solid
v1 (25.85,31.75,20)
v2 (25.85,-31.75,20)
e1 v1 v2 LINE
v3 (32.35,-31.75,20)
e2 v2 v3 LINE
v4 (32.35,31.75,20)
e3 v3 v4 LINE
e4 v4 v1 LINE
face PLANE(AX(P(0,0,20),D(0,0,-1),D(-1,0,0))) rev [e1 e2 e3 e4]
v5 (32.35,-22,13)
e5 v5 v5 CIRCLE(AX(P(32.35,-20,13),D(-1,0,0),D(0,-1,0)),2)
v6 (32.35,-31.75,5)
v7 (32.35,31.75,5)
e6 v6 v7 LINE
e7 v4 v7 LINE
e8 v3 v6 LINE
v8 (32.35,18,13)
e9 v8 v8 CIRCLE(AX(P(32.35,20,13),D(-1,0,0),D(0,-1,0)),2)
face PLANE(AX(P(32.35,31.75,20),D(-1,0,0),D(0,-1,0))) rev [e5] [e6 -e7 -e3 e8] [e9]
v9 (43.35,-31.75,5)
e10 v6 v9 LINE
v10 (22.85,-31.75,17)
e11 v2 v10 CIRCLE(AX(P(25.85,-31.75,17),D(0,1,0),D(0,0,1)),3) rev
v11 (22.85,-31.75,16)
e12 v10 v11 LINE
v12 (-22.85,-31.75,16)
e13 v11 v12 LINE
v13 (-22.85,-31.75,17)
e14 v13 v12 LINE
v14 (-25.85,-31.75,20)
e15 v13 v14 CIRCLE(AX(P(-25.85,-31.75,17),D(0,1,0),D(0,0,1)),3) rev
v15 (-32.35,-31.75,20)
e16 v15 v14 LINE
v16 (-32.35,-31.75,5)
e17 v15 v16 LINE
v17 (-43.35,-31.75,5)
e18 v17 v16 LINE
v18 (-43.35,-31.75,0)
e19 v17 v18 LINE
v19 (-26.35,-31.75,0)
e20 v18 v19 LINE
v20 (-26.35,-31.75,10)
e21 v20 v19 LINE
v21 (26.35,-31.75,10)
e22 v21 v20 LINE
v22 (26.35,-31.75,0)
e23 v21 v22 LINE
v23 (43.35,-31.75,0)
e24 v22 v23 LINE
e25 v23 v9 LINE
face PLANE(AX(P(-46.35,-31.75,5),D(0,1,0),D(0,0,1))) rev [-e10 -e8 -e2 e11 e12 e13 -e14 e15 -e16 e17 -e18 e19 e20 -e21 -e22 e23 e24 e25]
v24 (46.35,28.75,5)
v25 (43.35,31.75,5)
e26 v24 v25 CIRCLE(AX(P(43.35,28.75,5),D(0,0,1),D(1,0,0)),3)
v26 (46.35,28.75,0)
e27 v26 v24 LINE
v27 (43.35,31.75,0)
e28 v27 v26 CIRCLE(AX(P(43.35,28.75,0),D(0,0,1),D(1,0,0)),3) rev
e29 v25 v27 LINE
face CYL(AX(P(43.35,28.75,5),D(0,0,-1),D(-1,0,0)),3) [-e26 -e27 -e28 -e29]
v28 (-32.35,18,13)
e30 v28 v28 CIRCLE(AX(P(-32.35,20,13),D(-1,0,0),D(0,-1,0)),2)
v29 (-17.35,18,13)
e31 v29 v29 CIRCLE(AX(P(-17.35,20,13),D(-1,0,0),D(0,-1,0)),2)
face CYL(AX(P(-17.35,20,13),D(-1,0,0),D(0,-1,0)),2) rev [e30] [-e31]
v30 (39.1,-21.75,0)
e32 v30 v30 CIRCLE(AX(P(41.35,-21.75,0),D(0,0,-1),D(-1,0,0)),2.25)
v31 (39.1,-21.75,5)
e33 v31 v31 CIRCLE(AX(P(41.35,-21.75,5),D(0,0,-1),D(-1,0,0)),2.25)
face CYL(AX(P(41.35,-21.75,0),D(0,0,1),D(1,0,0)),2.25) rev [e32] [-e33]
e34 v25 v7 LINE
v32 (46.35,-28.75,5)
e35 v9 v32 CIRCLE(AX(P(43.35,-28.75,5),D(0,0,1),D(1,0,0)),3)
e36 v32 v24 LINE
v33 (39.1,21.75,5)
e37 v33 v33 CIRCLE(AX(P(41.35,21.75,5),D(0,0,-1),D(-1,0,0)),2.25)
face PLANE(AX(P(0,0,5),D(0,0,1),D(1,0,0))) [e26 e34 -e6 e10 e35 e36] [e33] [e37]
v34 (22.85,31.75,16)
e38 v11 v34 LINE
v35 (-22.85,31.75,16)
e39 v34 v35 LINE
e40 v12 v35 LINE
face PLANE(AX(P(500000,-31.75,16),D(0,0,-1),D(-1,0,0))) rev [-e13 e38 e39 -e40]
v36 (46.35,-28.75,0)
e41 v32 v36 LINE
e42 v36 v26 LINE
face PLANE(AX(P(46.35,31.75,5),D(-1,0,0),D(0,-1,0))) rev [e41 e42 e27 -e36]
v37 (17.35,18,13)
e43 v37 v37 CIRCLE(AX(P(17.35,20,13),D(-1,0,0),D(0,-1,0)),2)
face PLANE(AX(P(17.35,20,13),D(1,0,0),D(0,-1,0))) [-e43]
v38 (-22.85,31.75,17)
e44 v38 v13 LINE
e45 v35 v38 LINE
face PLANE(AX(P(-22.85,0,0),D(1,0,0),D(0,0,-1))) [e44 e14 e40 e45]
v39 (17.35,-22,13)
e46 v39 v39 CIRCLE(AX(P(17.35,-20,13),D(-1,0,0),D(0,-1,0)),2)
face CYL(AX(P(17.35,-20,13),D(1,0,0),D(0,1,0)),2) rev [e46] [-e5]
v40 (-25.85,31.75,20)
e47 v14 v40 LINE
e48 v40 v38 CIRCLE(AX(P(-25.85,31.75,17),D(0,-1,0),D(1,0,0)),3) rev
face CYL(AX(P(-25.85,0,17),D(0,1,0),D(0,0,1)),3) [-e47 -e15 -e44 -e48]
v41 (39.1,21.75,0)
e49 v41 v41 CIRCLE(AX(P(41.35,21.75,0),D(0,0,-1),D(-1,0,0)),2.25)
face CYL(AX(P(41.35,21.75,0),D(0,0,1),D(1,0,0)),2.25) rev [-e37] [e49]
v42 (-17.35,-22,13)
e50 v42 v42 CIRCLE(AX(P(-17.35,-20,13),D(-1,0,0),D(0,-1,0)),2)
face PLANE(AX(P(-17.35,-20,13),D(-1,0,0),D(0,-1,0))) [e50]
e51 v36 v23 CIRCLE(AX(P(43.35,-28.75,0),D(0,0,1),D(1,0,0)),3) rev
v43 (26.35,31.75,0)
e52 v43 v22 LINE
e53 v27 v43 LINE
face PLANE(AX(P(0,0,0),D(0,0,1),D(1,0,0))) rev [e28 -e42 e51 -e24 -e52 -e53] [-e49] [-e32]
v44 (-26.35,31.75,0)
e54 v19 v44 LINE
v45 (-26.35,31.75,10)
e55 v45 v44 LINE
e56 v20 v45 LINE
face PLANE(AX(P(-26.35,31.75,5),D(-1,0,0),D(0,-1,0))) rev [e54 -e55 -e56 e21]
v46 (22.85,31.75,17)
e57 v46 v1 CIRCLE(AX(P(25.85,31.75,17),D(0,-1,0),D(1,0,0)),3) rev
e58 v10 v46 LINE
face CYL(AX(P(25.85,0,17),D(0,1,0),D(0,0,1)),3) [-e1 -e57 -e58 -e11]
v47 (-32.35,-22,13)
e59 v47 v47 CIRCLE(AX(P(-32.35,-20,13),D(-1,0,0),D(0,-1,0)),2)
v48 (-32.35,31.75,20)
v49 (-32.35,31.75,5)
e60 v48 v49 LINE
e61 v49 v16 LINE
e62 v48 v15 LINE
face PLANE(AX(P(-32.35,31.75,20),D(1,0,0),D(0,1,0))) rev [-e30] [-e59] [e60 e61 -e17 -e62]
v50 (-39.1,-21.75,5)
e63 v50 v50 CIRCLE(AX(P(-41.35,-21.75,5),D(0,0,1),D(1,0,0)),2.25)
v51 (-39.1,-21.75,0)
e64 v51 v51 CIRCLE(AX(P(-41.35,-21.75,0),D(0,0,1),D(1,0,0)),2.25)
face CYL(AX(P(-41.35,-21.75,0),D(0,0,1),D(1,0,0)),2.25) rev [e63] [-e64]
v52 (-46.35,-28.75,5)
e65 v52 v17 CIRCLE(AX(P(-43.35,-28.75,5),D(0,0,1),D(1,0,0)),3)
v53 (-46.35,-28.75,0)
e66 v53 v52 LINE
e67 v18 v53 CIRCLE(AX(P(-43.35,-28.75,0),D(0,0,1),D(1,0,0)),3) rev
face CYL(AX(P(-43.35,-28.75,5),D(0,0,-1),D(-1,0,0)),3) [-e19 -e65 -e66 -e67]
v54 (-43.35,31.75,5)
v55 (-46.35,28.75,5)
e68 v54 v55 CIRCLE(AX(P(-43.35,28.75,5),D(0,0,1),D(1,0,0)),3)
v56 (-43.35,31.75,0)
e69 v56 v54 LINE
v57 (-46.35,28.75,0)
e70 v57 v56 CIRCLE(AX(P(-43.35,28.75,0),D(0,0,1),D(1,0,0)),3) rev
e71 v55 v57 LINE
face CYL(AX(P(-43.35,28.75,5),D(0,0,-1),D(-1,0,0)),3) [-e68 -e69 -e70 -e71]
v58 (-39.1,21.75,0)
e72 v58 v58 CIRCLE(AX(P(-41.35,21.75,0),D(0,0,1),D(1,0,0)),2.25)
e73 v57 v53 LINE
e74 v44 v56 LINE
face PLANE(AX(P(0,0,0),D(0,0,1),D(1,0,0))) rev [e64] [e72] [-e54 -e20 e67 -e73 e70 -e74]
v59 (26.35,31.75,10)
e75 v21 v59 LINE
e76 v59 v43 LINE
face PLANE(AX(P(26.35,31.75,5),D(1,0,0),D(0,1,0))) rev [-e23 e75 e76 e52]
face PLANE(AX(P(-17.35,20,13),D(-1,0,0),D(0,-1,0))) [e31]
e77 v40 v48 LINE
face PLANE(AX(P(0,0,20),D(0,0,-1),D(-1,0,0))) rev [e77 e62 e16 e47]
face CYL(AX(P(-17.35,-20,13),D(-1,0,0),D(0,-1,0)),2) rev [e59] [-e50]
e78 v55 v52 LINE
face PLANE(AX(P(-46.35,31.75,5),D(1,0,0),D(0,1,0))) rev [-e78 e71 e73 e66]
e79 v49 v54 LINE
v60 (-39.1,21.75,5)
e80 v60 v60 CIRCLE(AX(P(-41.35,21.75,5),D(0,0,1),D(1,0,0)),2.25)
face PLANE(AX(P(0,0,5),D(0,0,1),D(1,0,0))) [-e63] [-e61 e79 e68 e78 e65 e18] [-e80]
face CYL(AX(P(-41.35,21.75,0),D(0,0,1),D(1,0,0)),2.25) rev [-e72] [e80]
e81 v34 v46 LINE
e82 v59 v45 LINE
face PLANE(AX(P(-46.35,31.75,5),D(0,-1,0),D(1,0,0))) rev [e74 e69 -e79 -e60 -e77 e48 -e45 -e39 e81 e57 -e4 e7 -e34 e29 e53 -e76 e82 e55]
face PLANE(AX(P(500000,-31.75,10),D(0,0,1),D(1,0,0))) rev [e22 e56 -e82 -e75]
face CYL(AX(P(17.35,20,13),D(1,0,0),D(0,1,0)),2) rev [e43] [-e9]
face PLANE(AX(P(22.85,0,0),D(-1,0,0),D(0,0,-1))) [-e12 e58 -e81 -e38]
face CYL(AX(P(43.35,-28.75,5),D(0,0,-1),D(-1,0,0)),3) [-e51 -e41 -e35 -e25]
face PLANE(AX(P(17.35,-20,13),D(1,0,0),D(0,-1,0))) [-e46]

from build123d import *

# Parameters (mm, degrees)
SKETCH1_W             = 20
SKETCH1_H             = 63.5
BOSS_EXTRUDE1_DEPTH   = 5
BOSS_EXTRUDE1_2_DEPTH = 5
SKETCH2_W             = 6
SKETCH2_H             = 63.5
BOSS_EXTRUDE2_DEPTH   = 15
BOSS_EXTRUDE3_REACH   = 74.7
SKETCH3_W             = 6
SKETCH3_H             = 63.5
SKETCH4_W             = 4
SKETCH4_H             = 63.5
BOSS_EXTRUDE4_DEPTH   = 3.5
SKETCH6_R             = 2.25
CUT_EXTRUDE2_DEPTH    = 6
FILLET1_R             = 3
SKETCH7_R             = 2
CUT_EXTRUDE6_DEPTH    = 15


with BuildPart() as part:
    # Sketch1 → Boss-Extrude1 (new body)
    with BuildSketch(Plane.XY):
        with Locations((-36.35, 0)):
            Rectangle(SKETCH1_W, SKETCH1_H)
    extrude(amount=BOSS_EXTRUDE1_DEPTH)



with BuildPart() as body_2:
    # Sketch1 → Boss-Extrude1 2 (new body)
    with BuildSketch(Plane.XY):
        with Locations((36.35, 0)):
            Rectangle(SKETCH1_W, SKETCH1_H)
    extrude(amount=BOSS_EXTRUDE1_2_DEPTH)


with BuildPart() as part_1:
    add(part.part)

    add(body_2.part)  # Boss-Extrude2 merges body 2
    # Sketch2 → Boss-Extrude2 (add)
    with BuildSketch(Plane.XY.offset(5)):
        with Locations((-29.35, 0)):
            Rectangle(SKETCH2_W, SKETCH2_H)
        with Locations((29.35, 0)):
            Rectangle(SKETCH2_W, SKETCH2_H)
    extrude(amount=BOSS_EXTRUDE2_DEPTH)

    # Sketch3 → Boss-Extrude3 (add, up to next)
    with BuildSketch(Plane(origin=(-26.35, 0, 0), x_dir=(0, 0, -1), z_dir=(1, 0, 0)), mode=Mode.PRIVATE) as boss_extrude3_sk1:
        with Locations((-13, 0)):
            Rectangle(SKETCH3_W, SKETCH3_H)
    boss_extrude3_tool1 = extrude(boss_extrude3_sk1.sketch, amount=BOSS_EXTRUDE3_REACH, mode=Mode.PRIVATE) - part_1.part
    add(boss_extrude3_tool1.solids().sort_by_distance((-26.35, 0, 13))[0])

    # Sketch4 → Boss-Extrude4 (add)
    with BuildSketch(Plane(origin=(-26.35, 0, 0), x_dir=(0, 0, -1), z_dir=(1, 0, 0))):
        with Locations((-18, 0)):
            Rectangle(SKETCH4_W, SKETCH4_H)
    boss_extrude4 = extrude(amount=BOSS_EXTRUDE4_DEPTH)

    # Mirror1: Boss-Extrude4 across plane
    add(boss_extrude4.mirror(Plane(origin=(0, 0, 0), x_dir=(0, 0, 1), z_dir=(1, 0, 0))))

    # Sketch6 → Cut-Extrude2 (cut, through all)
    with BuildSketch(Plane.XY.offset(5)):
        with Locations((-41.35, 21.75)):
            Circle(SKETCH6_R)
        with Locations((-41.35, -21.75)):
            Circle(SKETCH6_R)
        with Locations((41.35, -21.75)):
            Circle(SKETCH6_R)
        with Locations((41.35, 21.75)):
            Circle(SKETCH6_R)
    extrude(amount=-CUT_EXTRUDE2_DEPTH, mode=Mode.SUBTRACT)

    # Fillet1
    fillet1_edges = [part_1.edges().sort_by_distance(p)[0] for p in [
        (46.35, 31.75, 2.5),
        (46.35, -31.75, 2.5),
        (-22.85, 0, 20),
        (22.85, 0, 20),
        (-46.35, 31.75, 2.5),
        (-46.35, -31.75, 2.5),
    ]]
    fillet(fillet1_edges, radius=FILLET1_R)

    # Sketch7 → Cut-Extrude6 (cut)
    with BuildSketch(Plane.ZY.offset(32.35)):
        with Locations((13, 20)):
            Circle(SKETCH7_R)
        with Locations((13, -20)):
            Circle(SKETCH7_R)
    cut_extrude6 = extrude(amount=-CUT_EXTRUDE6_DEPTH, mode=Mode.SUBTRACT)

    # Mirror2: Cut-Extrude6 across plane
    add(cut_extrude6.mirror(Plane(origin=(0, 0, 0), x_dir=(0, 0, 1), z_dir=(1, 0, 0))), mode=Mode.SUBTRACT)


solid = part_1.part
